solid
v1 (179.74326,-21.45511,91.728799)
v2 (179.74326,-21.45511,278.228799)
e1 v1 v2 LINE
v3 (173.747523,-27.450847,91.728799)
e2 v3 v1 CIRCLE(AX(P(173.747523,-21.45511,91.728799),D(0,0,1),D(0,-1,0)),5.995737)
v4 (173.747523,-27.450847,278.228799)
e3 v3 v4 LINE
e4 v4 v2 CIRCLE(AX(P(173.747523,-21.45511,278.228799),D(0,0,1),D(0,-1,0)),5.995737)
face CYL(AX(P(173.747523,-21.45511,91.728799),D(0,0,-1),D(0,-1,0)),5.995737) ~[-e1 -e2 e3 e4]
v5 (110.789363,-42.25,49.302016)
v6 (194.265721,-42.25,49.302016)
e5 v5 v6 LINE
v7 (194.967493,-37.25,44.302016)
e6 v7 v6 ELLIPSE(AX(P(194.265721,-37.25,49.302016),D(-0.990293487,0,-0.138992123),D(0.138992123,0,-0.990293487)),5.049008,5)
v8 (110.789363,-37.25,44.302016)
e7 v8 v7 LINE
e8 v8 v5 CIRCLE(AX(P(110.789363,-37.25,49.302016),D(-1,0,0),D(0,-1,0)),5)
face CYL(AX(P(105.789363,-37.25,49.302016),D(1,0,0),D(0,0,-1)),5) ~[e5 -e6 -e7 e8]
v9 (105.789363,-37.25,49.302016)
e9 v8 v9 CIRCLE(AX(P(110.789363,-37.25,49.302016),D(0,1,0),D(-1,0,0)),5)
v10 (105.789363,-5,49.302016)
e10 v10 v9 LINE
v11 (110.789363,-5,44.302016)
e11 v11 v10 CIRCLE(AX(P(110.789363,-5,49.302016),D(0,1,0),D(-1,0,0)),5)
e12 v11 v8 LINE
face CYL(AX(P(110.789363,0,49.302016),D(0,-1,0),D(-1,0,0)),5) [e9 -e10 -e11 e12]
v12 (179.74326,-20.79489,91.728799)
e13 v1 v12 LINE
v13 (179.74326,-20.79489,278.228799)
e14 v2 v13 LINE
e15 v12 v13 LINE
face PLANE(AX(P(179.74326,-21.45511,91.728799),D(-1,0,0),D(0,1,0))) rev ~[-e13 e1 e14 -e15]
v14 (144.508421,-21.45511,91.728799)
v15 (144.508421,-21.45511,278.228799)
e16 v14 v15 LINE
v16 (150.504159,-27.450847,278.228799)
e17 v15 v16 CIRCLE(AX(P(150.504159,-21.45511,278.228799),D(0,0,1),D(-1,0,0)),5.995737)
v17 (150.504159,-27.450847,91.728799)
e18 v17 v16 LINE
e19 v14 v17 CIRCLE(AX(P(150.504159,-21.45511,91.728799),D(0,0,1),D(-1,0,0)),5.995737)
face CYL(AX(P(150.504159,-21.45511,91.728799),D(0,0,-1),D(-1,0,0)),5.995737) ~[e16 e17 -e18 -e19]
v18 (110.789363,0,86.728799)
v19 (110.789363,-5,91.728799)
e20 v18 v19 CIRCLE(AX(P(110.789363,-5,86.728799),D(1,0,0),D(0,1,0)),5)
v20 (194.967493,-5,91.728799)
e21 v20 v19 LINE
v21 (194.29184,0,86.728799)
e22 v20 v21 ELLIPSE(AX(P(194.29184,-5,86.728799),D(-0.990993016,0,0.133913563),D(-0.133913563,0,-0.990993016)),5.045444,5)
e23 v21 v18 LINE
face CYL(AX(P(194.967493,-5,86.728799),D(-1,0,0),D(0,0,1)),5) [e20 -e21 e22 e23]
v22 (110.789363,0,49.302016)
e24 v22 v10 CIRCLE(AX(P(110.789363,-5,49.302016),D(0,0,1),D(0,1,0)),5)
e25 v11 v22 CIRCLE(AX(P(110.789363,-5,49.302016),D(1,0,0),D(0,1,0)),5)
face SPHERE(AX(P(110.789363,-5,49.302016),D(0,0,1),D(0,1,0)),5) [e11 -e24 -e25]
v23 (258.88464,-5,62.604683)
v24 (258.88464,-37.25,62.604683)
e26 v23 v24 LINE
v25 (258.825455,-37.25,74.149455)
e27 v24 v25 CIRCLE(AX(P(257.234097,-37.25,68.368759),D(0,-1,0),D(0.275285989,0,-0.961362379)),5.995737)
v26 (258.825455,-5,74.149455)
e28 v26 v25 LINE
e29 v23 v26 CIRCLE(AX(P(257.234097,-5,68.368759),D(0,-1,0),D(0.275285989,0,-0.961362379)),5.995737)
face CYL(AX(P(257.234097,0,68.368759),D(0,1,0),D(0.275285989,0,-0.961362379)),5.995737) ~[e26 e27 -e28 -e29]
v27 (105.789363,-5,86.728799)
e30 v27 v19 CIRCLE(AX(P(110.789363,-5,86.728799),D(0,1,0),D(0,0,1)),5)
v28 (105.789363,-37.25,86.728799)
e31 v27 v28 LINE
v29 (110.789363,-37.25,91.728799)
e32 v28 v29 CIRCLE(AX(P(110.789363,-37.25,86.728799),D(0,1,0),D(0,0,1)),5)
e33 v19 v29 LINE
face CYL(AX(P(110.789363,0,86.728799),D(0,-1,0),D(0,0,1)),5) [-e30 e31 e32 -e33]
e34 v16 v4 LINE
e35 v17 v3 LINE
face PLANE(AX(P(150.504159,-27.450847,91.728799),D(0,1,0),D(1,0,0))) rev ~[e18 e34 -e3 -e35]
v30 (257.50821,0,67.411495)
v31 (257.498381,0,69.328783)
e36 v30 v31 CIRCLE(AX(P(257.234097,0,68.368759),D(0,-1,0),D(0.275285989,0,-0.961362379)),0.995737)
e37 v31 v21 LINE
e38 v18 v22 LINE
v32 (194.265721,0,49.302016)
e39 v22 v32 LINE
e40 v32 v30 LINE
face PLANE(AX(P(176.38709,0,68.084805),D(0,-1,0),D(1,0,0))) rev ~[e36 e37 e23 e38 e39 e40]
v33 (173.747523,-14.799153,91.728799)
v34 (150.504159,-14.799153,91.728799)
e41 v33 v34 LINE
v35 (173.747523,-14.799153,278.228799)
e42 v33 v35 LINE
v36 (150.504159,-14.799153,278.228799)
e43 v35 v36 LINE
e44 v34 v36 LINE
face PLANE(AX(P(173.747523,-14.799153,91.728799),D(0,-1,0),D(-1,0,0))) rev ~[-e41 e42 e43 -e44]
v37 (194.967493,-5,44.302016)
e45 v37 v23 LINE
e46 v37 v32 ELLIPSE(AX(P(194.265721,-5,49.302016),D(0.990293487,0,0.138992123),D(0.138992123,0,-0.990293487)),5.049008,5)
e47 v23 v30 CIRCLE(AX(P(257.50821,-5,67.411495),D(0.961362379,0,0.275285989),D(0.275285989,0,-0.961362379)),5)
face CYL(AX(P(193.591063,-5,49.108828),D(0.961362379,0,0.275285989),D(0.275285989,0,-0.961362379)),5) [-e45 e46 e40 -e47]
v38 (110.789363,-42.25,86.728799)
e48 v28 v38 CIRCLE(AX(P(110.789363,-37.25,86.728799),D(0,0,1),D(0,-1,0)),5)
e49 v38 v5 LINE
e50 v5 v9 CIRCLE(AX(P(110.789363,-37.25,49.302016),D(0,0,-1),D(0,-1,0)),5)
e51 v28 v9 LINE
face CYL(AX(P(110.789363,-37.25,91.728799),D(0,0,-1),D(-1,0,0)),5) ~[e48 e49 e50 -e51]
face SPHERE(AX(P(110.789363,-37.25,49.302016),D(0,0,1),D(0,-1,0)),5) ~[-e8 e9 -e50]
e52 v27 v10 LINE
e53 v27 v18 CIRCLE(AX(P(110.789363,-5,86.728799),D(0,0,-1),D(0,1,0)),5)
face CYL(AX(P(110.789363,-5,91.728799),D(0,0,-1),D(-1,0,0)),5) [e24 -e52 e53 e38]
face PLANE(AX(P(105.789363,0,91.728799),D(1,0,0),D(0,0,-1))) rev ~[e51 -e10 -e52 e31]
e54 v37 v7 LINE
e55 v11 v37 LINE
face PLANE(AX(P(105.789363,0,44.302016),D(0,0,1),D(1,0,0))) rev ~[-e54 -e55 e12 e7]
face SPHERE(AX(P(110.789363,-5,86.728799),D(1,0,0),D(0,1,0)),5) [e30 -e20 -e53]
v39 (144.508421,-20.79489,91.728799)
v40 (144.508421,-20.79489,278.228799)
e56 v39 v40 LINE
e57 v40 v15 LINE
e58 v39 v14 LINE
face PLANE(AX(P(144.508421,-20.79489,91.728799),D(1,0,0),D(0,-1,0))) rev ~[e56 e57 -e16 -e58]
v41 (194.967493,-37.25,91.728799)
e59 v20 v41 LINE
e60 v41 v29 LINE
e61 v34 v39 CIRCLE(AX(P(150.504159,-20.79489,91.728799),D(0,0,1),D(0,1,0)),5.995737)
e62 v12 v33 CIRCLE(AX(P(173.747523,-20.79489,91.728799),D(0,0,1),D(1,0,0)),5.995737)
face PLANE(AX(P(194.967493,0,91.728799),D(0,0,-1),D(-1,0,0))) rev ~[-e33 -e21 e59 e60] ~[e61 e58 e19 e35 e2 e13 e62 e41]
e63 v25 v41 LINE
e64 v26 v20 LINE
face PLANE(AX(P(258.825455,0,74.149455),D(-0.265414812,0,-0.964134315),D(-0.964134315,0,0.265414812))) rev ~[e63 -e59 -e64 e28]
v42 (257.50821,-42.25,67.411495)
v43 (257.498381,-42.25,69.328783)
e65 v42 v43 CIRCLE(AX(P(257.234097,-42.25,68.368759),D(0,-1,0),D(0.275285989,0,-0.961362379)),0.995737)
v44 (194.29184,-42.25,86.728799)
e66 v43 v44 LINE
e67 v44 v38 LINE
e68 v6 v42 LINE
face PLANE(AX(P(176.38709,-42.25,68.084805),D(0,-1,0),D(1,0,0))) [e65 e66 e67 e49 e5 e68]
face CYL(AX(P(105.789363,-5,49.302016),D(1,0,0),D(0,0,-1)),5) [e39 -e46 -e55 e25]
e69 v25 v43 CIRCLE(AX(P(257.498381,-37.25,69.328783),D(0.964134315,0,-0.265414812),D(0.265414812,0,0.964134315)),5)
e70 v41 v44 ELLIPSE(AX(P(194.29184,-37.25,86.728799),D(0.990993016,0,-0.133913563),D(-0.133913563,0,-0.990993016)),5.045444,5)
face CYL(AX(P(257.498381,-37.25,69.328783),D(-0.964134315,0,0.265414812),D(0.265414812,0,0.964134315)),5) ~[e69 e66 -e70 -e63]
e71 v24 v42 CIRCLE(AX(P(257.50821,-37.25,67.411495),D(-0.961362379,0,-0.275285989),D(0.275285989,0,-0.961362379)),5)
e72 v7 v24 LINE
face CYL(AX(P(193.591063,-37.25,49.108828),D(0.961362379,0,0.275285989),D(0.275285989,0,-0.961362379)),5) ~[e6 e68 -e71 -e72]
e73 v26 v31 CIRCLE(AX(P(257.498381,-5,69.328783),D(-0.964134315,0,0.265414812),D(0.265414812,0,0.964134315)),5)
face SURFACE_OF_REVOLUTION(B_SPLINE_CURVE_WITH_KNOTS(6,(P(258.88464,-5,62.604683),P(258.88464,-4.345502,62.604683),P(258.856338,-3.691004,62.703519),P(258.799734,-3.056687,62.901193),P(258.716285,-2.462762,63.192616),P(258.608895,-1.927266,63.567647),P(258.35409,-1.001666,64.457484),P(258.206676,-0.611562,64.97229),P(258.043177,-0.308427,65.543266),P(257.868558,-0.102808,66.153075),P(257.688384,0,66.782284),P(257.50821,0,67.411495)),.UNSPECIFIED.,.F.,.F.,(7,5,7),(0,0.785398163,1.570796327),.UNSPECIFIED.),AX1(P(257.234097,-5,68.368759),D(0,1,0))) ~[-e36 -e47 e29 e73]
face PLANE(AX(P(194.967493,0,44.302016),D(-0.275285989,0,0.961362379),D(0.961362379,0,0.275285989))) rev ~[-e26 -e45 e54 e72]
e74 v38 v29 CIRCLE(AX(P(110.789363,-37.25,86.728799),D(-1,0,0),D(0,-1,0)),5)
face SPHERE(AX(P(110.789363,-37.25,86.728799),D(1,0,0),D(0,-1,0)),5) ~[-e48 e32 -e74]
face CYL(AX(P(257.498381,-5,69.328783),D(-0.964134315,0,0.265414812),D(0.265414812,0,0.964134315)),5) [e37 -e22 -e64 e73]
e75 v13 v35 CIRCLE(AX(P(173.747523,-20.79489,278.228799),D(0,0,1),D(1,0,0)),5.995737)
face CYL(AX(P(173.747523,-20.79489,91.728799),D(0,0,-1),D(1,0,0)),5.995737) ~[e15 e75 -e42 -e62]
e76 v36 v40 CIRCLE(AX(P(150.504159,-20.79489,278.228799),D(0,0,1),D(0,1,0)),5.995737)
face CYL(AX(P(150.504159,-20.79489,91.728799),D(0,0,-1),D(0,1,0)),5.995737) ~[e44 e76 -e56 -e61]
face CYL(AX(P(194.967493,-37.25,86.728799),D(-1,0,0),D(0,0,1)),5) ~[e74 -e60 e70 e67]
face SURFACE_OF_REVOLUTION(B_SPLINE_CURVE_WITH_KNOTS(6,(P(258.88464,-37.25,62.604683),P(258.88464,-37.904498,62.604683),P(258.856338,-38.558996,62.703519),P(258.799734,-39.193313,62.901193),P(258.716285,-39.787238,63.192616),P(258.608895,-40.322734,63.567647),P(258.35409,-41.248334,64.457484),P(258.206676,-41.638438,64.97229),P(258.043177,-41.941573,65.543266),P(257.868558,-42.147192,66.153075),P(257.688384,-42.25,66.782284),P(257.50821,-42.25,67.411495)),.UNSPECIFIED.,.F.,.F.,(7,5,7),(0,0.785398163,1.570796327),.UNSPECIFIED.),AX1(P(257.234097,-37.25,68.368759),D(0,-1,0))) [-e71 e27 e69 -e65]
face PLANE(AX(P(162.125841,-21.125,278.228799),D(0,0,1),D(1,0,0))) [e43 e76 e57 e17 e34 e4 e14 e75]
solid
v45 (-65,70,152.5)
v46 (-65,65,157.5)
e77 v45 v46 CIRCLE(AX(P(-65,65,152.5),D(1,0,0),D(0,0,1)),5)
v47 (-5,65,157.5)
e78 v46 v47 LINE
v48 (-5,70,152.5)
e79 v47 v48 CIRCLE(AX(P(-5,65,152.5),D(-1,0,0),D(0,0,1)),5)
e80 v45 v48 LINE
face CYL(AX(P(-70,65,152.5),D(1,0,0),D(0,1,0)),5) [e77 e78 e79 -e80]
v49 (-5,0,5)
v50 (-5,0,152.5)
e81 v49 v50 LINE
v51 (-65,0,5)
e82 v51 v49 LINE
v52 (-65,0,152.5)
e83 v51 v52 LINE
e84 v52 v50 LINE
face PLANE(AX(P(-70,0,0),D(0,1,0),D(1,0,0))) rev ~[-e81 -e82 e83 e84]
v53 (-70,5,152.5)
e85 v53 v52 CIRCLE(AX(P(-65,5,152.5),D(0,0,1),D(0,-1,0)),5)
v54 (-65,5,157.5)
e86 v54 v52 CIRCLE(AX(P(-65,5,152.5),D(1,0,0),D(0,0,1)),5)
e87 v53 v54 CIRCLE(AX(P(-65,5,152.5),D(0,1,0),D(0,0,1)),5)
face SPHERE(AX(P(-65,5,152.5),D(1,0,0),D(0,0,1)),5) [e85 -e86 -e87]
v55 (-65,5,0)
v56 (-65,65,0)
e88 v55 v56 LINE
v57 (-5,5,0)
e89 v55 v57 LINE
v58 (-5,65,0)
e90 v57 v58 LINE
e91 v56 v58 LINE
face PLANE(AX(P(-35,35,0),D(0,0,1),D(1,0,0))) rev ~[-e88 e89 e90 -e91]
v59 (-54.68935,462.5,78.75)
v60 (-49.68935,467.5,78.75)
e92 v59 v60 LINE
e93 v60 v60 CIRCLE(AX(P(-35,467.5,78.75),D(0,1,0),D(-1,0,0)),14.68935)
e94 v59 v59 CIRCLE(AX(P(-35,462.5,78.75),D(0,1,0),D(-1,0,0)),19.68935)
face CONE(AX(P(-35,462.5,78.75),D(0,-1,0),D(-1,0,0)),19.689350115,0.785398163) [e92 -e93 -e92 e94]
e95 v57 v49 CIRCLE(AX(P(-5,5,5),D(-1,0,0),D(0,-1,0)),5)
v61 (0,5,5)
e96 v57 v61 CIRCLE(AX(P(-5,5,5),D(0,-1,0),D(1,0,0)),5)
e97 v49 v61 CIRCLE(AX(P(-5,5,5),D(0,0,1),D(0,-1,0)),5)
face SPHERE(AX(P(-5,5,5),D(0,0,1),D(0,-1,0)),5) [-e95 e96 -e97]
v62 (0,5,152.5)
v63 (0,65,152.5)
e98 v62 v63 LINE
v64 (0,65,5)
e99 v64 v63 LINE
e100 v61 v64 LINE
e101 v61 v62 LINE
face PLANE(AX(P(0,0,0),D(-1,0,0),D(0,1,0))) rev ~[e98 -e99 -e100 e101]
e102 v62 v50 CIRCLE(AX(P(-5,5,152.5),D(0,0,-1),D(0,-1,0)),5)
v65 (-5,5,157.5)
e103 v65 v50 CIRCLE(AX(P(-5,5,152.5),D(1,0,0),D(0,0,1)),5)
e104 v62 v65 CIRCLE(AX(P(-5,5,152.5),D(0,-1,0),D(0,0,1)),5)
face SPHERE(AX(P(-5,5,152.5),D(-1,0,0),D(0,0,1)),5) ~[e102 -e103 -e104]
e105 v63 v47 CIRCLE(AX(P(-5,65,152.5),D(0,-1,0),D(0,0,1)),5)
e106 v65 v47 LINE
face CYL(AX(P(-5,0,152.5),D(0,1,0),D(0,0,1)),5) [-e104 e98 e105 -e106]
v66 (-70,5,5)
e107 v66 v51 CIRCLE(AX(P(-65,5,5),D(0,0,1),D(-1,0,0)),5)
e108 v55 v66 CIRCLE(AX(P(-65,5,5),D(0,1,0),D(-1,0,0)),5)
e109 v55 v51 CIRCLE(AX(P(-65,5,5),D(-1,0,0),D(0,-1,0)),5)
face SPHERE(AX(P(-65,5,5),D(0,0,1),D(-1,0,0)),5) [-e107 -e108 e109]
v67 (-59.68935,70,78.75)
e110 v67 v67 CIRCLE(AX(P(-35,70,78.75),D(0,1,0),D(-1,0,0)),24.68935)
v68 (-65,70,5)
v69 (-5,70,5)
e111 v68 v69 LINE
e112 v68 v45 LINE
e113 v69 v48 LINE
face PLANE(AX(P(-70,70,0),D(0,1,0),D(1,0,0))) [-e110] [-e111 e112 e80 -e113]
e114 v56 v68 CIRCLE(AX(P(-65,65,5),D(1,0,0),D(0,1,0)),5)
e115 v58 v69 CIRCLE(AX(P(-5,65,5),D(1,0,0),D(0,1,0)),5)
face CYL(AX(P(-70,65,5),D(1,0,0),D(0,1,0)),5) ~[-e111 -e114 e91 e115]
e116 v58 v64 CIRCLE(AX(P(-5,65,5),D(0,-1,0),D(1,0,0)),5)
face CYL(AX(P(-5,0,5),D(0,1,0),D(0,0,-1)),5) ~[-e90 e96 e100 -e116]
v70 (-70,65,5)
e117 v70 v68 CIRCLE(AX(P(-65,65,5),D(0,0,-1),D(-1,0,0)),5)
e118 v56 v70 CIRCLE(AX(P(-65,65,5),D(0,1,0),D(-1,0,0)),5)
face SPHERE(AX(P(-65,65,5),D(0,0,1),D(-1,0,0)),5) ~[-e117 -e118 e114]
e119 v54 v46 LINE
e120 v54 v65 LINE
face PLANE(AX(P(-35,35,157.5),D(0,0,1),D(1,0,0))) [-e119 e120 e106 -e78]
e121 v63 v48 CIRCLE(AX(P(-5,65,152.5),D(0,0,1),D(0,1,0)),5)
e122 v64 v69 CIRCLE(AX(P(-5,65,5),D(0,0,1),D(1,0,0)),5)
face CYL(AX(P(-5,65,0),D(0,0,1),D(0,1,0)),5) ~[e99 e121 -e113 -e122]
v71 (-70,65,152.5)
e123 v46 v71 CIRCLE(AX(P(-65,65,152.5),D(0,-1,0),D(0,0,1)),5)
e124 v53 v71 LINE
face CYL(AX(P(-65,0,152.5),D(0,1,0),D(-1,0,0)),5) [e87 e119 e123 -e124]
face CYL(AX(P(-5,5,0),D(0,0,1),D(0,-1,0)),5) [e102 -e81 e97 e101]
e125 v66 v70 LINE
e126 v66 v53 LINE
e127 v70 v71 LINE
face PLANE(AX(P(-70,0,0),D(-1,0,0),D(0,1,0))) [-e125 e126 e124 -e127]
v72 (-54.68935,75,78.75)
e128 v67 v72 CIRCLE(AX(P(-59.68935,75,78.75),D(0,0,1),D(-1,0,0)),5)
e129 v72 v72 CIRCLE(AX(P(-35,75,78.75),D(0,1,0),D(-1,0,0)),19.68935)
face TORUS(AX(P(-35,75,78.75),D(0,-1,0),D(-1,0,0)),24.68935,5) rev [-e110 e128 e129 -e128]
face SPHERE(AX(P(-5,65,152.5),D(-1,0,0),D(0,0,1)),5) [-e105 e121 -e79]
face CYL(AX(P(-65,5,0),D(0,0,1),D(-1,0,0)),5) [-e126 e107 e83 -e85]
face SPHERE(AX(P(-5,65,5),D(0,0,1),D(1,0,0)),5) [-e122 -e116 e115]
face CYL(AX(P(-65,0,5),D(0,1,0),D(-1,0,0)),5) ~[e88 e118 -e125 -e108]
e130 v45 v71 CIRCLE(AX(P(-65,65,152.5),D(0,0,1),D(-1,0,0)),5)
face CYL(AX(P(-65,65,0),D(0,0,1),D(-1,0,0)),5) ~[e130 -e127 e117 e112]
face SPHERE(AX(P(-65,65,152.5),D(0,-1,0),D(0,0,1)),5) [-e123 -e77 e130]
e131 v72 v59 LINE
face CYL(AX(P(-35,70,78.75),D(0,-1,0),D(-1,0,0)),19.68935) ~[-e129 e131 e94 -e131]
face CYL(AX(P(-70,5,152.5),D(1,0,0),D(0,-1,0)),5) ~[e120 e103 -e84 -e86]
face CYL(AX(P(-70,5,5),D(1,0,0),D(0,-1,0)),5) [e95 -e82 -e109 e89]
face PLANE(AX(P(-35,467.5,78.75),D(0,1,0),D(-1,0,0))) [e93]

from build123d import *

# Parameters (mm, degrees)
F0_W      = 70
F0_H      = 70
F1_DEPTH  = 157.5
F2_R      = 19.6893501148
F3_DEPTH  = 397.5
F4_R      = 5
F5_SIZE   = 5
F7_DEPTH  = 42.25
F8_R      = 5
F10_DEPTH = 186.5


with BuildPart() as f1:
    # F0 (on Top) → F1 (new body)
    with BuildSketch(Plane.XY):
        with Locations((-35, 35)):
            Rectangle(F0_W, F0_H)
    extrude(amount=F1_DEPTH)

    # F2 (on face) → F3 (join)
    with BuildSketch(Plane(origin=(0, 70, 0), x_dir=(-1, 0, 0), z_dir=(0, 1, 0))):
        with Locations((35, 78.75)):
            Circle(F2_R)
    extrude(amount=F3_DEPTH)

    # F4
    f4_edges = [f1.edges().sort_by_distance(p)[0] for p in [
        (-35, 0, 157.5),
        (-70, 35, 157.5),
        (-35, 70, 157.5),
        (0, 35, 157.5),
        (-70, 70, 78.75),
        (-70, 0, 78.75),
        (-70, 35, 0),
        (0, 0, 78.75),
        (-35, 0, 0),
        (0, 70, 78.75),
        (0, 35, 0),
        (-35, 70, 0),
        (-15.31065, 70, 78.75),
    ]]
    fillet(f4_edges, radius=F4_R)

    # F5
    f5_edges = [f1.edges().sort_by_distance(p)[0] for p in [
        (-15.31065, 467.5, 78.75),
    ]]
    chamfer(f5_edges, length=F5_SIZE)


with BuildPart() as f7:
    # F6 (on Front) → F7 (new body)
    with BuildSketch(Plane.XZ):
        with BuildLine():
            Line((194.9674934149, 91.7287990451), (105.7893633842, 91.7287990451))
            Line((105.7893633842, 91.7287990451), (105.7893633842, 44.3020164967))
            Line((105.7893633842, 44.3020164967), (194.9674934149, 44.3020164967))
            Line((194.9674934149, 44.3020164967), (258.8846396141, 62.6046827878))
            ThreePointArc((258.8846396141, 62.6046827878), (263.2297556276, 68.399496141), (258.8254546291, 74.1494550699))
            Line((258.8254546291, 74.1494550699), (194.9674934149, 91.7287990451))
        make_face()
    extrude(amount=F7_DEPTH)

    # F8
    f8_edges = [f7.edges().sort_by_distance(p)[0] for p in [
        (150.378428, -42.25, 91.728799),
        (105.789363, -42.25, 68.015408),
        (150.378428, -42.25, 44.302016),
        (226.926067, -42.25, 53.45335),
        (263.229756, -42.25, 68.399496),
        (226.896474, -42.25, 82.939127),
        (150.378428, 0, 91.728799),
        (105.789363, 0, 68.015408),
        (150.378428, 0, 44.302016),
        (226.926067, 0, 53.45335),
        (263.229756, 0, 68.399496),
        (226.896474, 0, 82.939127),
        (105.789363, -21.125, 91.728799),
        (105.789363, -21.125, 44.302016),
    ]]
    fillet(f8_edges, radius=F8_R)

    # F9 (on face) → F10 (join)
    with BuildSketch(Plane.XY.offset(91.7287990451)):
        with BuildLine():
            Line((173.7475228812, -14.7991525009), (150.504158685, -14.7991525009))
            ThreePointArc((150.504158685, -14.7991525009), (146.2645322074, -16.5552632873), (144.5084214211, -20.7948897649))
            Line((144.5084214211, -20.7948897649), (144.5084214211, -21.4551102351))
            ThreePointArc((144.5084214211, -21.4551102351), (146.2645322074, -25.6947367127), (150.504158685, -27.4508474991))
            Line((150.504158685, -27.4508474991), (173.7475228812, -27.4508474991))
            ThreePointArc((173.7475228812, -27.4508474991), (177.9871493588, -25.6947367127), (179.7432601452, -21.4551102351))
            Line((179.7432601452, -21.4551102351), (179.7432601452, -20.7948897649))
            ThreePointArc((179.7432601452, -20.7948897649), (177.9871493588, -16.5552632873), (173.7475228812, -14.7991525009))
        make_face()
    extrude(amount=F10_DEPTH)


solid = Compound([f1.part, f7.part])
